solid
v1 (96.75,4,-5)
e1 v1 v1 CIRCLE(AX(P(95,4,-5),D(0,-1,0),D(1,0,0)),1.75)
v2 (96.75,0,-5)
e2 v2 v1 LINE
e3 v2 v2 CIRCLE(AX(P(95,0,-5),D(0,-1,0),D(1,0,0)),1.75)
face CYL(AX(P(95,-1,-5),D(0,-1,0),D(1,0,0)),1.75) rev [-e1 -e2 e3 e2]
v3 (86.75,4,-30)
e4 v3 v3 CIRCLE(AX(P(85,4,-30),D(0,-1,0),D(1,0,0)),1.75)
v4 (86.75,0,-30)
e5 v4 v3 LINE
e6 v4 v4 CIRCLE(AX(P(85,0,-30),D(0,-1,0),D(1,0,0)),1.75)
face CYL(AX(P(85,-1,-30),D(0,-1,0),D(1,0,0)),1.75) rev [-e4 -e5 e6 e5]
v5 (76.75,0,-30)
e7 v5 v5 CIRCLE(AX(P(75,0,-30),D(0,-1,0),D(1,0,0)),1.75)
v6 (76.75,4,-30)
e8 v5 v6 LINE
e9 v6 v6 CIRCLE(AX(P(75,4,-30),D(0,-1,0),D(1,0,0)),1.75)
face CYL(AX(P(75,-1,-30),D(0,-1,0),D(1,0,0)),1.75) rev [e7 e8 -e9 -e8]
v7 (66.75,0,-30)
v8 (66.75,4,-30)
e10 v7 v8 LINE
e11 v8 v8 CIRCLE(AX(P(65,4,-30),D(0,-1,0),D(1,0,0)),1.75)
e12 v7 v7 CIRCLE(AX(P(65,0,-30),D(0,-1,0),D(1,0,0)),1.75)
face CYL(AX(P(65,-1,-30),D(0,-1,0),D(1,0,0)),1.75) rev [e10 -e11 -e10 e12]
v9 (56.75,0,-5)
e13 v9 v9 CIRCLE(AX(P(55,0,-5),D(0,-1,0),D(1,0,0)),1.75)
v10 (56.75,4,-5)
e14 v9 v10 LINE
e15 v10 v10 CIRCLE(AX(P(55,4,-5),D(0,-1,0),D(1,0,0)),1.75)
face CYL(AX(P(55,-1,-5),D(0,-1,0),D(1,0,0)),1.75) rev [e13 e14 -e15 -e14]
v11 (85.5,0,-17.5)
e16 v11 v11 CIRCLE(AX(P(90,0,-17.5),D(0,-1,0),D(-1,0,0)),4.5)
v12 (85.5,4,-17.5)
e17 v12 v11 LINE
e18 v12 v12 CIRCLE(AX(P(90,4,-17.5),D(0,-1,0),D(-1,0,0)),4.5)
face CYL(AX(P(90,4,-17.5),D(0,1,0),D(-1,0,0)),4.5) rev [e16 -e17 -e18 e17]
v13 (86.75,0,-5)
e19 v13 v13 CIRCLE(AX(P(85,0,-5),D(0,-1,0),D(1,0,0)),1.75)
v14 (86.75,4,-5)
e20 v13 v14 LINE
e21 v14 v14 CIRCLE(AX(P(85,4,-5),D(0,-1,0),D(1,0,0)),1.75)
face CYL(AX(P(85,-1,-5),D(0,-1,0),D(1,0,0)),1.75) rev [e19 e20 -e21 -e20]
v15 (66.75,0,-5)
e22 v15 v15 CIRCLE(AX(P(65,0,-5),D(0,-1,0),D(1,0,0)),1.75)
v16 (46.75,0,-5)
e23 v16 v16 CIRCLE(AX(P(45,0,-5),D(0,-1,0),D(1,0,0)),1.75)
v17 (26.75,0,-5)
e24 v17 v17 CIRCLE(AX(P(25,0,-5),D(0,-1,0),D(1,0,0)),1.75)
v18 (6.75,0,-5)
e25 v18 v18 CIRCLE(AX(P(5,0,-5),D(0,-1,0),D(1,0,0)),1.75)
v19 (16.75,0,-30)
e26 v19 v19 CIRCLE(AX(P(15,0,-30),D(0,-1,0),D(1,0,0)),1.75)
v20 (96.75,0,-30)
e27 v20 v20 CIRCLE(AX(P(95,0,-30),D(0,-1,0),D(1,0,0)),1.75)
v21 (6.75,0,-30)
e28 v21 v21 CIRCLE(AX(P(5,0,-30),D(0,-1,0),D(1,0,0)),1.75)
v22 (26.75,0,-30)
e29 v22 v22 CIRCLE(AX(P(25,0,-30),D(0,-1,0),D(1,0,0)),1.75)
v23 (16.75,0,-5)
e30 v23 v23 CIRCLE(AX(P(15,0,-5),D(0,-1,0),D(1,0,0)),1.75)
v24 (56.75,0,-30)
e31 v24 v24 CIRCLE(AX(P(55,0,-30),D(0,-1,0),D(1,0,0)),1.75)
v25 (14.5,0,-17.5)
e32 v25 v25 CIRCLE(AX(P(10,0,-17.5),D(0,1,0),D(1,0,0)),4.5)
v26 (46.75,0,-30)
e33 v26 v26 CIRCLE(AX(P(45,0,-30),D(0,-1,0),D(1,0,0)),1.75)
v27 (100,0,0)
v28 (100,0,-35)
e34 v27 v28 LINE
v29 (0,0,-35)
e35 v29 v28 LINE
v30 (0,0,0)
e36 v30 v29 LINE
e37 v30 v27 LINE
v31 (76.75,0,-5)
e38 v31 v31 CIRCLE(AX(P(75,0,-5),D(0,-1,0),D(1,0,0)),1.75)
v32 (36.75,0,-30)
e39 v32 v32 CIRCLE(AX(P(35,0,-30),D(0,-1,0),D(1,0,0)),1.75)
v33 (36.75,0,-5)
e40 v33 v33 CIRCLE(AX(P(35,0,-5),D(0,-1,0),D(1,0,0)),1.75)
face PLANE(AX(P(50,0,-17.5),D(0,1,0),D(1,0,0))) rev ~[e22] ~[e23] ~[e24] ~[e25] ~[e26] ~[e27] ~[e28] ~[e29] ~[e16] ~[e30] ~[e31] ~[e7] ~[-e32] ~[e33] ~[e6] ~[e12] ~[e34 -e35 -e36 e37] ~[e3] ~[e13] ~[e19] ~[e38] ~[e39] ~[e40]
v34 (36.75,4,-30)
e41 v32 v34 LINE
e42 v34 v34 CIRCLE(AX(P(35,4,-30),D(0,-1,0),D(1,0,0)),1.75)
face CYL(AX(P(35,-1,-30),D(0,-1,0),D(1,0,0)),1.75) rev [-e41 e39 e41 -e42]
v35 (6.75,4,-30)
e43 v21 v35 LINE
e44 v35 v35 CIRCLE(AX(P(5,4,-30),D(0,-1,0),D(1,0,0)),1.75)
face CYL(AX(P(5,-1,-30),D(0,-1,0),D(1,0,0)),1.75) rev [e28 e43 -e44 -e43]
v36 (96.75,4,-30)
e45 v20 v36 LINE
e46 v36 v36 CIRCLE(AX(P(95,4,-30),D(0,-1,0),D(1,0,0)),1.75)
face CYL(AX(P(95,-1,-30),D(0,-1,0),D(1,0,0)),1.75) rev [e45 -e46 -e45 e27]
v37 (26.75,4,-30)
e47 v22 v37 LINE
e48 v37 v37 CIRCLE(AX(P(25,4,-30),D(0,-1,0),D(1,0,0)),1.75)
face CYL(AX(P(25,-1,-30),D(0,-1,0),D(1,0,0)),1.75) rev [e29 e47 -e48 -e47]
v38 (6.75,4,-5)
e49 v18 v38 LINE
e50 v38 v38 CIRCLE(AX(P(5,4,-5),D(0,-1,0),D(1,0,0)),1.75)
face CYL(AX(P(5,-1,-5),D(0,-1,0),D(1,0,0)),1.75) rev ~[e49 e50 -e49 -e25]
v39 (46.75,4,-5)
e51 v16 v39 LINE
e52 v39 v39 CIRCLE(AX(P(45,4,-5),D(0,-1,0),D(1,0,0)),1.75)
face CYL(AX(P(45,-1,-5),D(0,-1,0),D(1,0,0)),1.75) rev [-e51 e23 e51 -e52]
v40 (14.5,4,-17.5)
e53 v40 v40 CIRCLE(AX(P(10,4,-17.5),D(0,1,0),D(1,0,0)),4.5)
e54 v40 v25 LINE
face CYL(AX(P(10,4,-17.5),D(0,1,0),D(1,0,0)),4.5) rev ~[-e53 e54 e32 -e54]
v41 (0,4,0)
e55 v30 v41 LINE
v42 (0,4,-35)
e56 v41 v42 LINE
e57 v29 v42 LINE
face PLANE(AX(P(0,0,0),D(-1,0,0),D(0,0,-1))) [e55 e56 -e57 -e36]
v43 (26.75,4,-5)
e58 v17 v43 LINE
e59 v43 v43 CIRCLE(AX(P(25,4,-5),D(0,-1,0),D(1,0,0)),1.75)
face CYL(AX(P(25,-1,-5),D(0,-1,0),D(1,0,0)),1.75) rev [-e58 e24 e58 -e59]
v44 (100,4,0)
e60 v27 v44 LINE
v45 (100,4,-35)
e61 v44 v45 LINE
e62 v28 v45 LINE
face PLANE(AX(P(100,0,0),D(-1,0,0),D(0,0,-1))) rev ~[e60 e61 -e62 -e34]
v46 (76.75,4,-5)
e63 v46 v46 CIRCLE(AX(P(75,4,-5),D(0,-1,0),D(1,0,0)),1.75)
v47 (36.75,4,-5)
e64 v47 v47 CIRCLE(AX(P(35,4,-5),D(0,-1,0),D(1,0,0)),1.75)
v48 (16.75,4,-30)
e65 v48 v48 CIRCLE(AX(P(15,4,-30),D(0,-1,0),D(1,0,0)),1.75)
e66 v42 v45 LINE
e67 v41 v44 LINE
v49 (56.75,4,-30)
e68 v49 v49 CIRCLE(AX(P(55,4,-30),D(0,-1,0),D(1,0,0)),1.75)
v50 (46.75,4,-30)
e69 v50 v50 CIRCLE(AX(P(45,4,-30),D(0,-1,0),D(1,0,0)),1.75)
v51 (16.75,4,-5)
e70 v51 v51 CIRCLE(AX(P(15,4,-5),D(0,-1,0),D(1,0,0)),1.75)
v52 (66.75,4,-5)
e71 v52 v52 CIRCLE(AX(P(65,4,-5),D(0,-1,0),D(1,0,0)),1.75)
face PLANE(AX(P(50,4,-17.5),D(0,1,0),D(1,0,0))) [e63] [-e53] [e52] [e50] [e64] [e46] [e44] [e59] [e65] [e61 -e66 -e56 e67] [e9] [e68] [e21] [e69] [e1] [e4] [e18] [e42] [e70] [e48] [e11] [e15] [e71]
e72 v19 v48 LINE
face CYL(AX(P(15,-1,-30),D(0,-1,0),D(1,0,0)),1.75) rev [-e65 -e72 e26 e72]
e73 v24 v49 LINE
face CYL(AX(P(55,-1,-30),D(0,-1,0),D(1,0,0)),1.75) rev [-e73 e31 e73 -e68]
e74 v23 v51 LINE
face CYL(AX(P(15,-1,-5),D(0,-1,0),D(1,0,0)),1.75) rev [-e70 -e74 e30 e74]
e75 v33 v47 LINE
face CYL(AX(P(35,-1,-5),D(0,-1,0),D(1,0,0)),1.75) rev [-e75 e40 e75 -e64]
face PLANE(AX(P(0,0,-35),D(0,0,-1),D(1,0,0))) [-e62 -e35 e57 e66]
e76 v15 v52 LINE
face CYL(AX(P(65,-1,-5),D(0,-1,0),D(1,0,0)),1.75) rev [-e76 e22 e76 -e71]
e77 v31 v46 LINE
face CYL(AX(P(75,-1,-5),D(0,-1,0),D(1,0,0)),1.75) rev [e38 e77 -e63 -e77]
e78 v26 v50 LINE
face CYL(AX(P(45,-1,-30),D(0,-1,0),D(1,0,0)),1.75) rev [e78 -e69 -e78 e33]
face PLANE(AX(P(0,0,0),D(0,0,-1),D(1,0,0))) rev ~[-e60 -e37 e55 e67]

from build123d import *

# Parameters (mm, degrees)
SKETCH1_W               = 100
SKETCH1_H               = 35
BOSS_EXTRUDE1_DEPTH     = 4
CUT_EXTRUDE1_START      = -5
SKETCH2_R               = 1.75
CUT_EXTRUDE1_DEPTH      = 6
LPATTERN1_COUNT         = 10
LPATTERN1_PITCH         = 10
MIRROR1_START           = -5
MIRROR1_COPY_1_SKETCH_R = 1.75
MIRROR1_COPY_1_DEPTH    = 6
MIRROR1_COPY_2_SKETCH_R = 1.75
MIRROR1_COPY_2_DEPTH    = 6
MIRROR1_COPY_3_SKETCH_R = 1.75
MIRROR1_COPY_3_DEPTH    = 6
MIRROR1_COPY_4_SKETCH_R = 1.75
MIRROR1_COPY_4_DEPTH    = 6
MIRROR1_COPY_5_SKETCH_R = 1.75
MIRROR1_COPY_5_DEPTH    = 6
MIRROR1_COPY_6_SKETCH_R = 1.75
MIRROR1_COPY_6_DEPTH    = 6
MIRROR1_COPY_7_SKETCH_R = 1.75
MIRROR1_COPY_7_DEPTH    = 6
MIRROR1_COPY_8_SKETCH_R = 1.75
MIRROR1_COPY_8_DEPTH    = 6
MIRROR1_COPY_9_SKETCH_R = 1.75
MIRROR1_COPY_9_DEPTH    = 6
SKETCH2_3_R             = 4.5
CUT_EXTRUDE3_DEPTH      = 4


with BuildPart() as part:
    # Sketch1 → Boss-Extrude1 (new body)
    with BuildSketch(Plane(origin=(0, 0, 0), x_dir=(1, 0, 0), z_dir=(0, 1, 0))):
        with Locations((50, 17.5)):
            Rectangle(SKETCH1_W, SKETCH1_H)
    extrude(amount=BOSS_EXTRUDE1_DEPTH)

    # Sketch2 → Cut-Extrude1 (cut)
    with BuildSketch(Plane(origin=(0, 4, 0), x_dir=(1, 0, 0), z_dir=(0, 1, 0)).offset(CUT_EXTRUDE1_START)):
        with Locations((5, 30)):
            Circle(SKETCH2_R)
    cut_extrude1 = extrude(amount=CUT_EXTRUDE1_DEPTH, mode=Mode.SUBTRACT)

    # LPattern1: Cut-Extrude1 ×10
    with Locations(*[(i * LPATTERN1_PITCH, 0, 0) for i in range(1, LPATTERN1_COUNT)]):
        add(cut_extrude1, mode=Mode.SUBTRACT)

    # Mirror1: Cut-Extrude1 across plane
    add(cut_extrude1.mirror(Plane(origin=(0, 0, -17.5), x_dir=(1, 0, 0), z_dir=(0, 0, -1))), mode=Mode.SUBTRACT)

    # Mirror1 copy 1 sketch → Mirror1 copy 1 (cut)
    with BuildSketch(Plane(origin=(10, 4, -35), x_dir=(1, 0, 0), z_dir=(0, 1, 0)).offset(MIRROR1_START)):
        with Locations((5, -30)):
            Circle(MIRROR1_COPY_1_SKETCH_R)
    extrude(amount=MIRROR1_COPY_1_DEPTH, mode=Mode.SUBTRACT)

    # Mirror1 copy 2 sketch → Mirror1 copy 2 (cut)
    with BuildSketch(Plane(origin=(20, 4, -35), x_dir=(1, 0, 0), z_dir=(0, 1, 0)).offset(MIRROR1_START)):
        with Locations((5, -30)):
            Circle(MIRROR1_COPY_2_SKETCH_R)
    extrude(amount=MIRROR1_COPY_2_DEPTH, mode=Mode.SUBTRACT)

    # Mirror1 copy 3 sketch → Mirror1 copy 3 (cut)
    with BuildSketch(Plane(origin=(30, 4, -35), x_dir=(1, 0, 0), z_dir=(0, 1, 0)).offset(MIRROR1_START)):
        with Locations((5, -30)):
            Circle(MIRROR1_COPY_3_SKETCH_R)
    extrude(amount=MIRROR1_COPY_3_DEPTH, mode=Mode.SUBTRACT)

    # Mirror1 copy 4 sketch → Mirror1 copy 4 (cut)
    with BuildSketch(Plane(origin=(40, 4, -35), x_dir=(1, 0, 0), z_dir=(0, 1, 0)).offset(MIRROR1_START)):
        with Locations((5, -30)):
            Circle(MIRROR1_COPY_4_SKETCH_R)
    extrude(amount=MIRROR1_COPY_4_DEPTH, mode=Mode.SUBTRACT)

    # Mirror1 copy 5 sketch → Mirror1 copy 5 (cut)
    with BuildSketch(Plane(origin=(50, 4, -35), x_dir=(1, 0, 0), z_dir=(0, 1, 0)).offset(MIRROR1_START)):
        with Locations((5, -30)):
            Circle(MIRROR1_COPY_5_SKETCH_R)
    extrude(amount=MIRROR1_COPY_5_DEPTH, mode=Mode.SUBTRACT)

    # Mirror1 copy 6 sketch → Mirror1 copy 6 (cut)
    with BuildSketch(Plane(origin=(60, 4, -35), x_dir=(1, 0, 0), z_dir=(0, 1, 0)).offset(MIRROR1_START)):
        with Locations((5, -30)):
            Circle(MIRROR1_COPY_6_SKETCH_R)
    extrude(amount=MIRROR1_COPY_6_DEPTH, mode=Mode.SUBTRACT)

    # Mirror1 copy 7 sketch → Mirror1 copy 7 (cut)
    with BuildSketch(Plane(origin=(70, 4, -35), x_dir=(1, 0, 0), z_dir=(0, 1, 0)).offset(MIRROR1_START)):
        with Locations((5, -30)):
            Circle(MIRROR1_COPY_7_SKETCH_R)
    extrude(amount=MIRROR1_COPY_7_DEPTH, mode=Mode.SUBTRACT)

    # Mirror1 copy 8 sketch → Mirror1 copy 8 (cut)
    with BuildSketch(Plane(origin=(80, 4, -35), x_dir=(1, 0, 0), z_dir=(0, 1, 0)).offset(MIRROR1_START)):
        with Locations((5, -30)):
            Circle(MIRROR1_COPY_8_SKETCH_R)
    extrude(amount=MIRROR1_COPY_8_DEPTH, mode=Mode.SUBTRACT)

    # Mirror1 copy 9 sketch → Mirror1 copy 9 (cut)
    with BuildSketch(Plane(origin=(90, 4, -35), x_dir=(1, 0, 0), z_dir=(0, 1, 0)).offset(MIRROR1_START)):
        with Locations((5, -30)):
            Circle(MIRROR1_COPY_9_SKETCH_R)
    extrude(amount=MIRROR1_COPY_9_DEPTH, mode=Mode.SUBTRACT)

    # Sketch2<3> → Cut-Extrude3 (cut)
    with BuildSketch(Plane(origin=(0, 4, 0), x_dir=(1, 0, 0), z_dir=(0, 1, 0))):
        with Locations((10, 17.5)):
            Circle(SKETCH2_3_R)
    cut_extrude3 = extrude(amount=-CUT_EXTRUDE3_DEPTH, mode=Mode.SUBTRACT)

    # Mirror2: Cut-Extrude3 across plane
    add(cut_extrude3.mirror(Plane(origin=(50, 0, 0), x_dir=(0, 0, 1), z_dir=(1, 0, 0))), mode=Mode.SUBTRACT)


solid = part.part
